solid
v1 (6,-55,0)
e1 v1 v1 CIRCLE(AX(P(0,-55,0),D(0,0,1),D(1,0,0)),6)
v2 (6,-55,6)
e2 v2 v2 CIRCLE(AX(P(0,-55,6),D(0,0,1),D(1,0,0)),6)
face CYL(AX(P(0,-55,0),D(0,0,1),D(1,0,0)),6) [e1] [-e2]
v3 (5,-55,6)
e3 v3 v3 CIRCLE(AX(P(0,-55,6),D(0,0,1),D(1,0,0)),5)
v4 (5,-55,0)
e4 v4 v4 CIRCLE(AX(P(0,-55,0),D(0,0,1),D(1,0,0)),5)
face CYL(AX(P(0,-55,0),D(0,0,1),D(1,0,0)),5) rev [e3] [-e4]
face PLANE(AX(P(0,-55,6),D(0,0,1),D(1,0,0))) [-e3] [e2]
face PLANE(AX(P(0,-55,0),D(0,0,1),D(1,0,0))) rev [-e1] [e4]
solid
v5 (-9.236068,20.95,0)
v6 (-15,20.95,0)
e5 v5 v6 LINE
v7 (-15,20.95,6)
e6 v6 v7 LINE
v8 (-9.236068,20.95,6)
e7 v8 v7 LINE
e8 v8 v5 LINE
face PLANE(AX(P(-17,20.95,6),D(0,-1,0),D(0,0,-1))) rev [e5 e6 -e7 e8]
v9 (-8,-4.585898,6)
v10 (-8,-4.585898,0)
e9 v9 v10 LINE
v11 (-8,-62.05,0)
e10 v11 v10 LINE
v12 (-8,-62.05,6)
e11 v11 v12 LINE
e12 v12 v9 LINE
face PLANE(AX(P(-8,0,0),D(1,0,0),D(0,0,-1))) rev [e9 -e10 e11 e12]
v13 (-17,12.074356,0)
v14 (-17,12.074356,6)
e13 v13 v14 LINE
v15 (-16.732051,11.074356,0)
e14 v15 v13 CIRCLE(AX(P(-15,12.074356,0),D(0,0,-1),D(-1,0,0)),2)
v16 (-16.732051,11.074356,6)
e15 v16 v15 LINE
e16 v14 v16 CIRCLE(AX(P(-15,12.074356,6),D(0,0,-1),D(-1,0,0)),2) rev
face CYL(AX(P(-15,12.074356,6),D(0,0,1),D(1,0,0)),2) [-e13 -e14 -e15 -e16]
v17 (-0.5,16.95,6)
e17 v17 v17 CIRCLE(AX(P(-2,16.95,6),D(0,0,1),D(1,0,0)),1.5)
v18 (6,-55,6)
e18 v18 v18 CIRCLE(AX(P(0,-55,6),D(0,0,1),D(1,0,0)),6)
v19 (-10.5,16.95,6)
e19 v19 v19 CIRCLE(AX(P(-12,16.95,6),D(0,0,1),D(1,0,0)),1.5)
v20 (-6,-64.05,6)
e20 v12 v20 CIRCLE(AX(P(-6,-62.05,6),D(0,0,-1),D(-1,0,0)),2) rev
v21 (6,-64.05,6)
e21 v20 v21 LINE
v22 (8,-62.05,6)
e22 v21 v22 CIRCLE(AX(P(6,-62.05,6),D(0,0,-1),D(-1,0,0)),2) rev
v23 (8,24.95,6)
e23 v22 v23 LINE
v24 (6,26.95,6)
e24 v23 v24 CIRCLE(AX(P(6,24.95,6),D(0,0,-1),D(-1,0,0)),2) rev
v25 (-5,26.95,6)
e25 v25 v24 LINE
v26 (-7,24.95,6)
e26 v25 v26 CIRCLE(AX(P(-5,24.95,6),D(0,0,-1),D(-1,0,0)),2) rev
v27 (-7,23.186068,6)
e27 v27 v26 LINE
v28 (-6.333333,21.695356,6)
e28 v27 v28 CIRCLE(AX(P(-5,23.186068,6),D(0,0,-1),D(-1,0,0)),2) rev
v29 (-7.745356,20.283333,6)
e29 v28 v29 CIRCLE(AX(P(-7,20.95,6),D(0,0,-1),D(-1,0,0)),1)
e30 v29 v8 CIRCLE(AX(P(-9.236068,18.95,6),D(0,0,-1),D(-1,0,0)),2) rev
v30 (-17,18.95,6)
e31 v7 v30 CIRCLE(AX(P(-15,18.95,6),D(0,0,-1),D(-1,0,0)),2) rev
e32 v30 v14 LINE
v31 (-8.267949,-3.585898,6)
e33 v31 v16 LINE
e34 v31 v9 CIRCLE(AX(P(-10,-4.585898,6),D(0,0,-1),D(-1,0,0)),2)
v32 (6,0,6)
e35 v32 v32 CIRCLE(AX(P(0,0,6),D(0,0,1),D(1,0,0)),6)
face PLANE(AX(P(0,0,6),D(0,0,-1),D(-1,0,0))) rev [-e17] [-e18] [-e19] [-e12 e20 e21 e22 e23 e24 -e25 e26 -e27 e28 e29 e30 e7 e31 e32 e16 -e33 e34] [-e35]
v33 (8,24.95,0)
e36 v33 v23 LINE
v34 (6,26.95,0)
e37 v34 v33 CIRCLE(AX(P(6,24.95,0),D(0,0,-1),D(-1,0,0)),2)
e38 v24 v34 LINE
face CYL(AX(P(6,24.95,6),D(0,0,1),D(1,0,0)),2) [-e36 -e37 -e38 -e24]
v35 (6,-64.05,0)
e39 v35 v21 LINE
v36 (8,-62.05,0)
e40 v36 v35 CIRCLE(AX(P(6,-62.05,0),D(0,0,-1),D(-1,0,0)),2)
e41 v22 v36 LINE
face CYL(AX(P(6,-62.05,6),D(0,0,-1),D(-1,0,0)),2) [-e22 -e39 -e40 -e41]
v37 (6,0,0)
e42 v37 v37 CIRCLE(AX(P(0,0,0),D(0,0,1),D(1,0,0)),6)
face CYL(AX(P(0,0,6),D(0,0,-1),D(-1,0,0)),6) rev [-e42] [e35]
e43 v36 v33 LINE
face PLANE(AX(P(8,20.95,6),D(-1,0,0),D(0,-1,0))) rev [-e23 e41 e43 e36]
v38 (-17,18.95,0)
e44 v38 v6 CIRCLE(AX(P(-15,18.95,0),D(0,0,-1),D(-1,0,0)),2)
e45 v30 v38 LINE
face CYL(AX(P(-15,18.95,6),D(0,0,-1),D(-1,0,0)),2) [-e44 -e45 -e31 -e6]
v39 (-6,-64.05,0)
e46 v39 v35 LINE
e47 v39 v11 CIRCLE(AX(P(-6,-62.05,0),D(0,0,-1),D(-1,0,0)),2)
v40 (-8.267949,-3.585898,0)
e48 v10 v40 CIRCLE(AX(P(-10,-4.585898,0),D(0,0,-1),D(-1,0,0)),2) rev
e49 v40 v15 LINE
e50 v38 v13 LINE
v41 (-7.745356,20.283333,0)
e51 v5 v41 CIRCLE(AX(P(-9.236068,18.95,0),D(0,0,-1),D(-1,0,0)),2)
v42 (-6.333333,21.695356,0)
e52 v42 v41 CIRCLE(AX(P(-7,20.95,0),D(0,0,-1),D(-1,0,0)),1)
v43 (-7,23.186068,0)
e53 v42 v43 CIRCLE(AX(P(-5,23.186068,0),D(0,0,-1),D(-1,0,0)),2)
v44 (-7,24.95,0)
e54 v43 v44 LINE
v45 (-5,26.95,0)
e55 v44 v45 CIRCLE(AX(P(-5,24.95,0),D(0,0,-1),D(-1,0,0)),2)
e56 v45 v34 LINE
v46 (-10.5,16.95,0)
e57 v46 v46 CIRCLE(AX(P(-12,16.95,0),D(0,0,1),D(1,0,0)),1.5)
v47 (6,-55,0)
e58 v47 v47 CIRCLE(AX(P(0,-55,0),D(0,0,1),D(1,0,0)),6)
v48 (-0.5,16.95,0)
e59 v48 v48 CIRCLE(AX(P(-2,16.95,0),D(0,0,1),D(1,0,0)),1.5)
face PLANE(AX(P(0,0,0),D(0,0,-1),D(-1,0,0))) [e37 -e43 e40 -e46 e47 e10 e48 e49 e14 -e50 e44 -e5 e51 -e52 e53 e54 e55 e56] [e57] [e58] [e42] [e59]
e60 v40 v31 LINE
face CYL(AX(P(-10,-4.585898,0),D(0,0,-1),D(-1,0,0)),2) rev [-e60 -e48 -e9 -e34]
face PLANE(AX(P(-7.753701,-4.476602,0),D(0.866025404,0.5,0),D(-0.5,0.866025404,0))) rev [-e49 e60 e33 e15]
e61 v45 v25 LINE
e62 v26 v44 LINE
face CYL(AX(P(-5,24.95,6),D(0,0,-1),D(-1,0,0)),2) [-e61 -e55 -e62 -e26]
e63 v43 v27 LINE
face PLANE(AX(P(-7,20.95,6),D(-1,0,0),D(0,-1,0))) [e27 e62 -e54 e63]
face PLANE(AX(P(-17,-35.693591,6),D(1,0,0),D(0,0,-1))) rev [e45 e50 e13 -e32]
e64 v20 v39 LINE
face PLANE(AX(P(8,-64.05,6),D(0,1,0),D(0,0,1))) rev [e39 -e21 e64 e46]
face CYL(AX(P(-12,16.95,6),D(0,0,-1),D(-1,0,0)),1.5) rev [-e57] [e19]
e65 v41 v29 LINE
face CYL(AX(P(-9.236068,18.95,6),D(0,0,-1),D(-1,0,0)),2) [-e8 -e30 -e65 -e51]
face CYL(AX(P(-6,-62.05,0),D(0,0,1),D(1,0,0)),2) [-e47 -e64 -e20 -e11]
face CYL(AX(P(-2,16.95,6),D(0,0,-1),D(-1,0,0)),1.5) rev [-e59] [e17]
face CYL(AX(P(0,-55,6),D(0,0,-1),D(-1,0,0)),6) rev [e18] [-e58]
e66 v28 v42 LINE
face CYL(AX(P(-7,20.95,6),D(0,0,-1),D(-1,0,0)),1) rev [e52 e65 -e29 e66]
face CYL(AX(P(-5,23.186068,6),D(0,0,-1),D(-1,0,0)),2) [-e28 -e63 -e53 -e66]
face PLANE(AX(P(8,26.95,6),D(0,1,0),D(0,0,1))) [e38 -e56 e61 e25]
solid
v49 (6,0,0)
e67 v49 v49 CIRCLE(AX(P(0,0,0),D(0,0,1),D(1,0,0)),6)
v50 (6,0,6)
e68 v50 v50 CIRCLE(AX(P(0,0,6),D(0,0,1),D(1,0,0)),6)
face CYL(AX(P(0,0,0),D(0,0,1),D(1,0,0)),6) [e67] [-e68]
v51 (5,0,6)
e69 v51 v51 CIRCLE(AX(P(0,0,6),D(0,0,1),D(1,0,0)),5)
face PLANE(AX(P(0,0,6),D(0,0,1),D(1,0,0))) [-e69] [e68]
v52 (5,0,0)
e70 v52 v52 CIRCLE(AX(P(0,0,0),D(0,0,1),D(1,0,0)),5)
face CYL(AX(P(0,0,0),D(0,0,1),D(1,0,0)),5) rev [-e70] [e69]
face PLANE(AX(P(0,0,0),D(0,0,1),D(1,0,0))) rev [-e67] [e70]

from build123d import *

# Parameters (mm, degrees)
SKETCH_1_R          = 6
SKETCH_1_R_2        = 1.5
EXTRUDE_1_DEPTH     = 6
SKETCH_2_R          = 6
SKETCH_2_R_2        = 5
EXTRUDE_2_DEPTH     = 6
EXTRUDE_2_2_DEPTH   = 6
SKETCH_3_R          = 8
SKETCH_3_R_2        = 5
EXTRUDE_3_DEPTH     = 0.5
EXTRUDE_3_2_DEPTH   = 0.5
SKETCH_4_R          = 8
SKETCH_4_R_2        = 5
EXTRUDE_4_DEPTH     = 0.5
EXTRUDE_4_2_DEPTH   = 0.5
SKETCH_5_W          = 15
SKETCH_5_H          = 6
EXTRUDE_5_DEPTH     = 6
SKETCH_6_R          = 1
CUT_EXTRUDE_1_DEPTH = 6
CUT_EXTRUDE_4_DEPTH = 6
FILLET_5_R          = 2


with BuildPart() as part:
    # 草图1 → 凸台-拉伸1 (new body)
    with BuildSketch(Plane.XY):
        Polygon((8, 20.95), (8, -64.05), (-12, -64.05), (-17, -35.693590902), (-17, 20.95), align=None)
        Circle(SKETCH_1_R, mode=Mode.SUBTRACT)
        with Locations((0, -55)):
            Circle(SKETCH_1_R, mode=Mode.SUBTRACT)
        with Locations((-2, 16.95)):
            Circle(SKETCH_1_R_2, mode=Mode.SUBTRACT)
        with Locations((-12, 16.95)):
            Circle(SKETCH_1_R_2, mode=Mode.SUBTRACT)
    extrude(amount=EXTRUDE_1_DEPTH)

    # 草图5 → 凸台-拉伸5 (add)
    with BuildSketch(Plane(origin=(0, 0, 0), x_dir=(-1, 0, 0), z_dir=(0, 0, -1))):
        with Locations((-0.5, 23.95)):
            Rectangle(SKETCH_5_W, SKETCH_5_H)
    extrude(amount=-EXTRUDE_5_DEPTH)

    # 草图6 → 切除-拉伸1 (cut)
    with BuildSketch(Plane(origin=(0, 0, 0), x_dir=(-1, 0, 0), z_dir=(0, 0, -1))):
        with Locations((7, 20.95)):
            Circle(SKETCH_6_R)
    extrude(amount=-CUT_EXTRUDE_1_DEPTH, mode=Mode.SUBTRACT)

    # 草图9 → 切除-拉伸4 (cut)
    with BuildSketch(Plane.XY.offset(6)):
        Polygon((-12, -64.05), (-8, -64.05), (-8, -4.05), (-17, 11.538457268), (-17, -35.693590902), align=None)
    extrude(amount=-CUT_EXTRUDE_4_DEPTH, mode=Mode.SUBTRACT)

    # 圆角5
    fillet_5_edges = [part.edges().sort_by_distance(p)[0] for p in [
        (8, 26.95, 3),
        (-7, 26.95, 3),
        (-7, 21.95, 3),
        (-8, 20.95, 3),
        (-8, -4.05, 3),
        (-8, -64.05, 3),
        (-17, 11.538457268, 3),
        (8, -64.05, 3),
        (-17, 20.95, 3),
    ]]
    fillet(fillet_5_edges, radius=FILLET_5_R)


with BuildPart() as body_2:
    # 草图2 → 凸台-拉伸2 (new body)
    with BuildSketch(Plane.XY.offset(6)):
        with Locations((0, -55)):
            Circle(SKETCH_2_R)
        with Locations((0, -55)):
            Circle(SKETCH_2_R_2, mode=Mode.SUBTRACT)
    extrude(amount=-EXTRUDE_2_DEPTH)


with BuildPart() as body_3:
    # 草图2 → Extrude 2 2 (new body)
    with BuildSketch(Plane.XY.offset(6)):
        Circle(SKETCH_2_R)
        Circle(SKETCH_2_R_2, mode=Mode.SUBTRACT)
    extrude(amount=-EXTRUDE_2_2_DEPTH)


with BuildPart() as body_4:
    # 草图3 → 凸台-拉伸3 (new body)
    with BuildSketch(Plane.XY.offset(6)):
        Circle(SKETCH_3_R)
        Circle(SKETCH_3_R_2, mode=Mode.SUBTRACT)
    extrude(amount=EXTRUDE_3_DEPTH)


with BuildPart() as body_5:
    # 草图3 → Extrude 3 2 (new body)
    with BuildSketch(Plane.XY.offset(6)):
        with Locations((0, -55)):
            Circle(SKETCH_3_R)
        with Locations((0, -55)):
            Circle(SKETCH_3_R_2, mode=Mode.SUBTRACT)
    extrude(amount=EXTRUDE_3_2_DEPTH)


with BuildPart() as body_6:
    # 草图4 → 凸台-拉伸4 (new body)
    with BuildSketch(Plane(origin=(0, 0, 0), x_dir=(-1, 0, 0), z_dir=(0, 0, -1))):
        with Locations(Location((0, -55, 0), (0, 0, 180))):
            Circle(SKETCH_4_R)
        with Locations(Location((0, -55, 0), (0, 0, 180))):
            Circle(SKETCH_4_R_2, mode=Mode.SUBTRACT)
    extrude(amount=EXTRUDE_4_DEPTH)


with BuildPart() as body_7:
    # 草图4 → Extrude 4 2 (new body)
    with BuildSketch(Plane(origin=(0, 0, 0), x_dir=(-1, 0, 0), z_dir=(0, 0, -1))):
        with Locations(Location((0, 0, 0), (0, 0, 180))):
            Circle(SKETCH_4_R)
        with Locations(Location((0, 0, 0), (0, 0, 180))):
            Circle(SKETCH_4_R_2, mode=Mode.SUBTRACT)
    extrude(amount=EXTRUDE_4_2_DEPTH)


solid = Compound([part.part, body_2.part, body_3.part])
